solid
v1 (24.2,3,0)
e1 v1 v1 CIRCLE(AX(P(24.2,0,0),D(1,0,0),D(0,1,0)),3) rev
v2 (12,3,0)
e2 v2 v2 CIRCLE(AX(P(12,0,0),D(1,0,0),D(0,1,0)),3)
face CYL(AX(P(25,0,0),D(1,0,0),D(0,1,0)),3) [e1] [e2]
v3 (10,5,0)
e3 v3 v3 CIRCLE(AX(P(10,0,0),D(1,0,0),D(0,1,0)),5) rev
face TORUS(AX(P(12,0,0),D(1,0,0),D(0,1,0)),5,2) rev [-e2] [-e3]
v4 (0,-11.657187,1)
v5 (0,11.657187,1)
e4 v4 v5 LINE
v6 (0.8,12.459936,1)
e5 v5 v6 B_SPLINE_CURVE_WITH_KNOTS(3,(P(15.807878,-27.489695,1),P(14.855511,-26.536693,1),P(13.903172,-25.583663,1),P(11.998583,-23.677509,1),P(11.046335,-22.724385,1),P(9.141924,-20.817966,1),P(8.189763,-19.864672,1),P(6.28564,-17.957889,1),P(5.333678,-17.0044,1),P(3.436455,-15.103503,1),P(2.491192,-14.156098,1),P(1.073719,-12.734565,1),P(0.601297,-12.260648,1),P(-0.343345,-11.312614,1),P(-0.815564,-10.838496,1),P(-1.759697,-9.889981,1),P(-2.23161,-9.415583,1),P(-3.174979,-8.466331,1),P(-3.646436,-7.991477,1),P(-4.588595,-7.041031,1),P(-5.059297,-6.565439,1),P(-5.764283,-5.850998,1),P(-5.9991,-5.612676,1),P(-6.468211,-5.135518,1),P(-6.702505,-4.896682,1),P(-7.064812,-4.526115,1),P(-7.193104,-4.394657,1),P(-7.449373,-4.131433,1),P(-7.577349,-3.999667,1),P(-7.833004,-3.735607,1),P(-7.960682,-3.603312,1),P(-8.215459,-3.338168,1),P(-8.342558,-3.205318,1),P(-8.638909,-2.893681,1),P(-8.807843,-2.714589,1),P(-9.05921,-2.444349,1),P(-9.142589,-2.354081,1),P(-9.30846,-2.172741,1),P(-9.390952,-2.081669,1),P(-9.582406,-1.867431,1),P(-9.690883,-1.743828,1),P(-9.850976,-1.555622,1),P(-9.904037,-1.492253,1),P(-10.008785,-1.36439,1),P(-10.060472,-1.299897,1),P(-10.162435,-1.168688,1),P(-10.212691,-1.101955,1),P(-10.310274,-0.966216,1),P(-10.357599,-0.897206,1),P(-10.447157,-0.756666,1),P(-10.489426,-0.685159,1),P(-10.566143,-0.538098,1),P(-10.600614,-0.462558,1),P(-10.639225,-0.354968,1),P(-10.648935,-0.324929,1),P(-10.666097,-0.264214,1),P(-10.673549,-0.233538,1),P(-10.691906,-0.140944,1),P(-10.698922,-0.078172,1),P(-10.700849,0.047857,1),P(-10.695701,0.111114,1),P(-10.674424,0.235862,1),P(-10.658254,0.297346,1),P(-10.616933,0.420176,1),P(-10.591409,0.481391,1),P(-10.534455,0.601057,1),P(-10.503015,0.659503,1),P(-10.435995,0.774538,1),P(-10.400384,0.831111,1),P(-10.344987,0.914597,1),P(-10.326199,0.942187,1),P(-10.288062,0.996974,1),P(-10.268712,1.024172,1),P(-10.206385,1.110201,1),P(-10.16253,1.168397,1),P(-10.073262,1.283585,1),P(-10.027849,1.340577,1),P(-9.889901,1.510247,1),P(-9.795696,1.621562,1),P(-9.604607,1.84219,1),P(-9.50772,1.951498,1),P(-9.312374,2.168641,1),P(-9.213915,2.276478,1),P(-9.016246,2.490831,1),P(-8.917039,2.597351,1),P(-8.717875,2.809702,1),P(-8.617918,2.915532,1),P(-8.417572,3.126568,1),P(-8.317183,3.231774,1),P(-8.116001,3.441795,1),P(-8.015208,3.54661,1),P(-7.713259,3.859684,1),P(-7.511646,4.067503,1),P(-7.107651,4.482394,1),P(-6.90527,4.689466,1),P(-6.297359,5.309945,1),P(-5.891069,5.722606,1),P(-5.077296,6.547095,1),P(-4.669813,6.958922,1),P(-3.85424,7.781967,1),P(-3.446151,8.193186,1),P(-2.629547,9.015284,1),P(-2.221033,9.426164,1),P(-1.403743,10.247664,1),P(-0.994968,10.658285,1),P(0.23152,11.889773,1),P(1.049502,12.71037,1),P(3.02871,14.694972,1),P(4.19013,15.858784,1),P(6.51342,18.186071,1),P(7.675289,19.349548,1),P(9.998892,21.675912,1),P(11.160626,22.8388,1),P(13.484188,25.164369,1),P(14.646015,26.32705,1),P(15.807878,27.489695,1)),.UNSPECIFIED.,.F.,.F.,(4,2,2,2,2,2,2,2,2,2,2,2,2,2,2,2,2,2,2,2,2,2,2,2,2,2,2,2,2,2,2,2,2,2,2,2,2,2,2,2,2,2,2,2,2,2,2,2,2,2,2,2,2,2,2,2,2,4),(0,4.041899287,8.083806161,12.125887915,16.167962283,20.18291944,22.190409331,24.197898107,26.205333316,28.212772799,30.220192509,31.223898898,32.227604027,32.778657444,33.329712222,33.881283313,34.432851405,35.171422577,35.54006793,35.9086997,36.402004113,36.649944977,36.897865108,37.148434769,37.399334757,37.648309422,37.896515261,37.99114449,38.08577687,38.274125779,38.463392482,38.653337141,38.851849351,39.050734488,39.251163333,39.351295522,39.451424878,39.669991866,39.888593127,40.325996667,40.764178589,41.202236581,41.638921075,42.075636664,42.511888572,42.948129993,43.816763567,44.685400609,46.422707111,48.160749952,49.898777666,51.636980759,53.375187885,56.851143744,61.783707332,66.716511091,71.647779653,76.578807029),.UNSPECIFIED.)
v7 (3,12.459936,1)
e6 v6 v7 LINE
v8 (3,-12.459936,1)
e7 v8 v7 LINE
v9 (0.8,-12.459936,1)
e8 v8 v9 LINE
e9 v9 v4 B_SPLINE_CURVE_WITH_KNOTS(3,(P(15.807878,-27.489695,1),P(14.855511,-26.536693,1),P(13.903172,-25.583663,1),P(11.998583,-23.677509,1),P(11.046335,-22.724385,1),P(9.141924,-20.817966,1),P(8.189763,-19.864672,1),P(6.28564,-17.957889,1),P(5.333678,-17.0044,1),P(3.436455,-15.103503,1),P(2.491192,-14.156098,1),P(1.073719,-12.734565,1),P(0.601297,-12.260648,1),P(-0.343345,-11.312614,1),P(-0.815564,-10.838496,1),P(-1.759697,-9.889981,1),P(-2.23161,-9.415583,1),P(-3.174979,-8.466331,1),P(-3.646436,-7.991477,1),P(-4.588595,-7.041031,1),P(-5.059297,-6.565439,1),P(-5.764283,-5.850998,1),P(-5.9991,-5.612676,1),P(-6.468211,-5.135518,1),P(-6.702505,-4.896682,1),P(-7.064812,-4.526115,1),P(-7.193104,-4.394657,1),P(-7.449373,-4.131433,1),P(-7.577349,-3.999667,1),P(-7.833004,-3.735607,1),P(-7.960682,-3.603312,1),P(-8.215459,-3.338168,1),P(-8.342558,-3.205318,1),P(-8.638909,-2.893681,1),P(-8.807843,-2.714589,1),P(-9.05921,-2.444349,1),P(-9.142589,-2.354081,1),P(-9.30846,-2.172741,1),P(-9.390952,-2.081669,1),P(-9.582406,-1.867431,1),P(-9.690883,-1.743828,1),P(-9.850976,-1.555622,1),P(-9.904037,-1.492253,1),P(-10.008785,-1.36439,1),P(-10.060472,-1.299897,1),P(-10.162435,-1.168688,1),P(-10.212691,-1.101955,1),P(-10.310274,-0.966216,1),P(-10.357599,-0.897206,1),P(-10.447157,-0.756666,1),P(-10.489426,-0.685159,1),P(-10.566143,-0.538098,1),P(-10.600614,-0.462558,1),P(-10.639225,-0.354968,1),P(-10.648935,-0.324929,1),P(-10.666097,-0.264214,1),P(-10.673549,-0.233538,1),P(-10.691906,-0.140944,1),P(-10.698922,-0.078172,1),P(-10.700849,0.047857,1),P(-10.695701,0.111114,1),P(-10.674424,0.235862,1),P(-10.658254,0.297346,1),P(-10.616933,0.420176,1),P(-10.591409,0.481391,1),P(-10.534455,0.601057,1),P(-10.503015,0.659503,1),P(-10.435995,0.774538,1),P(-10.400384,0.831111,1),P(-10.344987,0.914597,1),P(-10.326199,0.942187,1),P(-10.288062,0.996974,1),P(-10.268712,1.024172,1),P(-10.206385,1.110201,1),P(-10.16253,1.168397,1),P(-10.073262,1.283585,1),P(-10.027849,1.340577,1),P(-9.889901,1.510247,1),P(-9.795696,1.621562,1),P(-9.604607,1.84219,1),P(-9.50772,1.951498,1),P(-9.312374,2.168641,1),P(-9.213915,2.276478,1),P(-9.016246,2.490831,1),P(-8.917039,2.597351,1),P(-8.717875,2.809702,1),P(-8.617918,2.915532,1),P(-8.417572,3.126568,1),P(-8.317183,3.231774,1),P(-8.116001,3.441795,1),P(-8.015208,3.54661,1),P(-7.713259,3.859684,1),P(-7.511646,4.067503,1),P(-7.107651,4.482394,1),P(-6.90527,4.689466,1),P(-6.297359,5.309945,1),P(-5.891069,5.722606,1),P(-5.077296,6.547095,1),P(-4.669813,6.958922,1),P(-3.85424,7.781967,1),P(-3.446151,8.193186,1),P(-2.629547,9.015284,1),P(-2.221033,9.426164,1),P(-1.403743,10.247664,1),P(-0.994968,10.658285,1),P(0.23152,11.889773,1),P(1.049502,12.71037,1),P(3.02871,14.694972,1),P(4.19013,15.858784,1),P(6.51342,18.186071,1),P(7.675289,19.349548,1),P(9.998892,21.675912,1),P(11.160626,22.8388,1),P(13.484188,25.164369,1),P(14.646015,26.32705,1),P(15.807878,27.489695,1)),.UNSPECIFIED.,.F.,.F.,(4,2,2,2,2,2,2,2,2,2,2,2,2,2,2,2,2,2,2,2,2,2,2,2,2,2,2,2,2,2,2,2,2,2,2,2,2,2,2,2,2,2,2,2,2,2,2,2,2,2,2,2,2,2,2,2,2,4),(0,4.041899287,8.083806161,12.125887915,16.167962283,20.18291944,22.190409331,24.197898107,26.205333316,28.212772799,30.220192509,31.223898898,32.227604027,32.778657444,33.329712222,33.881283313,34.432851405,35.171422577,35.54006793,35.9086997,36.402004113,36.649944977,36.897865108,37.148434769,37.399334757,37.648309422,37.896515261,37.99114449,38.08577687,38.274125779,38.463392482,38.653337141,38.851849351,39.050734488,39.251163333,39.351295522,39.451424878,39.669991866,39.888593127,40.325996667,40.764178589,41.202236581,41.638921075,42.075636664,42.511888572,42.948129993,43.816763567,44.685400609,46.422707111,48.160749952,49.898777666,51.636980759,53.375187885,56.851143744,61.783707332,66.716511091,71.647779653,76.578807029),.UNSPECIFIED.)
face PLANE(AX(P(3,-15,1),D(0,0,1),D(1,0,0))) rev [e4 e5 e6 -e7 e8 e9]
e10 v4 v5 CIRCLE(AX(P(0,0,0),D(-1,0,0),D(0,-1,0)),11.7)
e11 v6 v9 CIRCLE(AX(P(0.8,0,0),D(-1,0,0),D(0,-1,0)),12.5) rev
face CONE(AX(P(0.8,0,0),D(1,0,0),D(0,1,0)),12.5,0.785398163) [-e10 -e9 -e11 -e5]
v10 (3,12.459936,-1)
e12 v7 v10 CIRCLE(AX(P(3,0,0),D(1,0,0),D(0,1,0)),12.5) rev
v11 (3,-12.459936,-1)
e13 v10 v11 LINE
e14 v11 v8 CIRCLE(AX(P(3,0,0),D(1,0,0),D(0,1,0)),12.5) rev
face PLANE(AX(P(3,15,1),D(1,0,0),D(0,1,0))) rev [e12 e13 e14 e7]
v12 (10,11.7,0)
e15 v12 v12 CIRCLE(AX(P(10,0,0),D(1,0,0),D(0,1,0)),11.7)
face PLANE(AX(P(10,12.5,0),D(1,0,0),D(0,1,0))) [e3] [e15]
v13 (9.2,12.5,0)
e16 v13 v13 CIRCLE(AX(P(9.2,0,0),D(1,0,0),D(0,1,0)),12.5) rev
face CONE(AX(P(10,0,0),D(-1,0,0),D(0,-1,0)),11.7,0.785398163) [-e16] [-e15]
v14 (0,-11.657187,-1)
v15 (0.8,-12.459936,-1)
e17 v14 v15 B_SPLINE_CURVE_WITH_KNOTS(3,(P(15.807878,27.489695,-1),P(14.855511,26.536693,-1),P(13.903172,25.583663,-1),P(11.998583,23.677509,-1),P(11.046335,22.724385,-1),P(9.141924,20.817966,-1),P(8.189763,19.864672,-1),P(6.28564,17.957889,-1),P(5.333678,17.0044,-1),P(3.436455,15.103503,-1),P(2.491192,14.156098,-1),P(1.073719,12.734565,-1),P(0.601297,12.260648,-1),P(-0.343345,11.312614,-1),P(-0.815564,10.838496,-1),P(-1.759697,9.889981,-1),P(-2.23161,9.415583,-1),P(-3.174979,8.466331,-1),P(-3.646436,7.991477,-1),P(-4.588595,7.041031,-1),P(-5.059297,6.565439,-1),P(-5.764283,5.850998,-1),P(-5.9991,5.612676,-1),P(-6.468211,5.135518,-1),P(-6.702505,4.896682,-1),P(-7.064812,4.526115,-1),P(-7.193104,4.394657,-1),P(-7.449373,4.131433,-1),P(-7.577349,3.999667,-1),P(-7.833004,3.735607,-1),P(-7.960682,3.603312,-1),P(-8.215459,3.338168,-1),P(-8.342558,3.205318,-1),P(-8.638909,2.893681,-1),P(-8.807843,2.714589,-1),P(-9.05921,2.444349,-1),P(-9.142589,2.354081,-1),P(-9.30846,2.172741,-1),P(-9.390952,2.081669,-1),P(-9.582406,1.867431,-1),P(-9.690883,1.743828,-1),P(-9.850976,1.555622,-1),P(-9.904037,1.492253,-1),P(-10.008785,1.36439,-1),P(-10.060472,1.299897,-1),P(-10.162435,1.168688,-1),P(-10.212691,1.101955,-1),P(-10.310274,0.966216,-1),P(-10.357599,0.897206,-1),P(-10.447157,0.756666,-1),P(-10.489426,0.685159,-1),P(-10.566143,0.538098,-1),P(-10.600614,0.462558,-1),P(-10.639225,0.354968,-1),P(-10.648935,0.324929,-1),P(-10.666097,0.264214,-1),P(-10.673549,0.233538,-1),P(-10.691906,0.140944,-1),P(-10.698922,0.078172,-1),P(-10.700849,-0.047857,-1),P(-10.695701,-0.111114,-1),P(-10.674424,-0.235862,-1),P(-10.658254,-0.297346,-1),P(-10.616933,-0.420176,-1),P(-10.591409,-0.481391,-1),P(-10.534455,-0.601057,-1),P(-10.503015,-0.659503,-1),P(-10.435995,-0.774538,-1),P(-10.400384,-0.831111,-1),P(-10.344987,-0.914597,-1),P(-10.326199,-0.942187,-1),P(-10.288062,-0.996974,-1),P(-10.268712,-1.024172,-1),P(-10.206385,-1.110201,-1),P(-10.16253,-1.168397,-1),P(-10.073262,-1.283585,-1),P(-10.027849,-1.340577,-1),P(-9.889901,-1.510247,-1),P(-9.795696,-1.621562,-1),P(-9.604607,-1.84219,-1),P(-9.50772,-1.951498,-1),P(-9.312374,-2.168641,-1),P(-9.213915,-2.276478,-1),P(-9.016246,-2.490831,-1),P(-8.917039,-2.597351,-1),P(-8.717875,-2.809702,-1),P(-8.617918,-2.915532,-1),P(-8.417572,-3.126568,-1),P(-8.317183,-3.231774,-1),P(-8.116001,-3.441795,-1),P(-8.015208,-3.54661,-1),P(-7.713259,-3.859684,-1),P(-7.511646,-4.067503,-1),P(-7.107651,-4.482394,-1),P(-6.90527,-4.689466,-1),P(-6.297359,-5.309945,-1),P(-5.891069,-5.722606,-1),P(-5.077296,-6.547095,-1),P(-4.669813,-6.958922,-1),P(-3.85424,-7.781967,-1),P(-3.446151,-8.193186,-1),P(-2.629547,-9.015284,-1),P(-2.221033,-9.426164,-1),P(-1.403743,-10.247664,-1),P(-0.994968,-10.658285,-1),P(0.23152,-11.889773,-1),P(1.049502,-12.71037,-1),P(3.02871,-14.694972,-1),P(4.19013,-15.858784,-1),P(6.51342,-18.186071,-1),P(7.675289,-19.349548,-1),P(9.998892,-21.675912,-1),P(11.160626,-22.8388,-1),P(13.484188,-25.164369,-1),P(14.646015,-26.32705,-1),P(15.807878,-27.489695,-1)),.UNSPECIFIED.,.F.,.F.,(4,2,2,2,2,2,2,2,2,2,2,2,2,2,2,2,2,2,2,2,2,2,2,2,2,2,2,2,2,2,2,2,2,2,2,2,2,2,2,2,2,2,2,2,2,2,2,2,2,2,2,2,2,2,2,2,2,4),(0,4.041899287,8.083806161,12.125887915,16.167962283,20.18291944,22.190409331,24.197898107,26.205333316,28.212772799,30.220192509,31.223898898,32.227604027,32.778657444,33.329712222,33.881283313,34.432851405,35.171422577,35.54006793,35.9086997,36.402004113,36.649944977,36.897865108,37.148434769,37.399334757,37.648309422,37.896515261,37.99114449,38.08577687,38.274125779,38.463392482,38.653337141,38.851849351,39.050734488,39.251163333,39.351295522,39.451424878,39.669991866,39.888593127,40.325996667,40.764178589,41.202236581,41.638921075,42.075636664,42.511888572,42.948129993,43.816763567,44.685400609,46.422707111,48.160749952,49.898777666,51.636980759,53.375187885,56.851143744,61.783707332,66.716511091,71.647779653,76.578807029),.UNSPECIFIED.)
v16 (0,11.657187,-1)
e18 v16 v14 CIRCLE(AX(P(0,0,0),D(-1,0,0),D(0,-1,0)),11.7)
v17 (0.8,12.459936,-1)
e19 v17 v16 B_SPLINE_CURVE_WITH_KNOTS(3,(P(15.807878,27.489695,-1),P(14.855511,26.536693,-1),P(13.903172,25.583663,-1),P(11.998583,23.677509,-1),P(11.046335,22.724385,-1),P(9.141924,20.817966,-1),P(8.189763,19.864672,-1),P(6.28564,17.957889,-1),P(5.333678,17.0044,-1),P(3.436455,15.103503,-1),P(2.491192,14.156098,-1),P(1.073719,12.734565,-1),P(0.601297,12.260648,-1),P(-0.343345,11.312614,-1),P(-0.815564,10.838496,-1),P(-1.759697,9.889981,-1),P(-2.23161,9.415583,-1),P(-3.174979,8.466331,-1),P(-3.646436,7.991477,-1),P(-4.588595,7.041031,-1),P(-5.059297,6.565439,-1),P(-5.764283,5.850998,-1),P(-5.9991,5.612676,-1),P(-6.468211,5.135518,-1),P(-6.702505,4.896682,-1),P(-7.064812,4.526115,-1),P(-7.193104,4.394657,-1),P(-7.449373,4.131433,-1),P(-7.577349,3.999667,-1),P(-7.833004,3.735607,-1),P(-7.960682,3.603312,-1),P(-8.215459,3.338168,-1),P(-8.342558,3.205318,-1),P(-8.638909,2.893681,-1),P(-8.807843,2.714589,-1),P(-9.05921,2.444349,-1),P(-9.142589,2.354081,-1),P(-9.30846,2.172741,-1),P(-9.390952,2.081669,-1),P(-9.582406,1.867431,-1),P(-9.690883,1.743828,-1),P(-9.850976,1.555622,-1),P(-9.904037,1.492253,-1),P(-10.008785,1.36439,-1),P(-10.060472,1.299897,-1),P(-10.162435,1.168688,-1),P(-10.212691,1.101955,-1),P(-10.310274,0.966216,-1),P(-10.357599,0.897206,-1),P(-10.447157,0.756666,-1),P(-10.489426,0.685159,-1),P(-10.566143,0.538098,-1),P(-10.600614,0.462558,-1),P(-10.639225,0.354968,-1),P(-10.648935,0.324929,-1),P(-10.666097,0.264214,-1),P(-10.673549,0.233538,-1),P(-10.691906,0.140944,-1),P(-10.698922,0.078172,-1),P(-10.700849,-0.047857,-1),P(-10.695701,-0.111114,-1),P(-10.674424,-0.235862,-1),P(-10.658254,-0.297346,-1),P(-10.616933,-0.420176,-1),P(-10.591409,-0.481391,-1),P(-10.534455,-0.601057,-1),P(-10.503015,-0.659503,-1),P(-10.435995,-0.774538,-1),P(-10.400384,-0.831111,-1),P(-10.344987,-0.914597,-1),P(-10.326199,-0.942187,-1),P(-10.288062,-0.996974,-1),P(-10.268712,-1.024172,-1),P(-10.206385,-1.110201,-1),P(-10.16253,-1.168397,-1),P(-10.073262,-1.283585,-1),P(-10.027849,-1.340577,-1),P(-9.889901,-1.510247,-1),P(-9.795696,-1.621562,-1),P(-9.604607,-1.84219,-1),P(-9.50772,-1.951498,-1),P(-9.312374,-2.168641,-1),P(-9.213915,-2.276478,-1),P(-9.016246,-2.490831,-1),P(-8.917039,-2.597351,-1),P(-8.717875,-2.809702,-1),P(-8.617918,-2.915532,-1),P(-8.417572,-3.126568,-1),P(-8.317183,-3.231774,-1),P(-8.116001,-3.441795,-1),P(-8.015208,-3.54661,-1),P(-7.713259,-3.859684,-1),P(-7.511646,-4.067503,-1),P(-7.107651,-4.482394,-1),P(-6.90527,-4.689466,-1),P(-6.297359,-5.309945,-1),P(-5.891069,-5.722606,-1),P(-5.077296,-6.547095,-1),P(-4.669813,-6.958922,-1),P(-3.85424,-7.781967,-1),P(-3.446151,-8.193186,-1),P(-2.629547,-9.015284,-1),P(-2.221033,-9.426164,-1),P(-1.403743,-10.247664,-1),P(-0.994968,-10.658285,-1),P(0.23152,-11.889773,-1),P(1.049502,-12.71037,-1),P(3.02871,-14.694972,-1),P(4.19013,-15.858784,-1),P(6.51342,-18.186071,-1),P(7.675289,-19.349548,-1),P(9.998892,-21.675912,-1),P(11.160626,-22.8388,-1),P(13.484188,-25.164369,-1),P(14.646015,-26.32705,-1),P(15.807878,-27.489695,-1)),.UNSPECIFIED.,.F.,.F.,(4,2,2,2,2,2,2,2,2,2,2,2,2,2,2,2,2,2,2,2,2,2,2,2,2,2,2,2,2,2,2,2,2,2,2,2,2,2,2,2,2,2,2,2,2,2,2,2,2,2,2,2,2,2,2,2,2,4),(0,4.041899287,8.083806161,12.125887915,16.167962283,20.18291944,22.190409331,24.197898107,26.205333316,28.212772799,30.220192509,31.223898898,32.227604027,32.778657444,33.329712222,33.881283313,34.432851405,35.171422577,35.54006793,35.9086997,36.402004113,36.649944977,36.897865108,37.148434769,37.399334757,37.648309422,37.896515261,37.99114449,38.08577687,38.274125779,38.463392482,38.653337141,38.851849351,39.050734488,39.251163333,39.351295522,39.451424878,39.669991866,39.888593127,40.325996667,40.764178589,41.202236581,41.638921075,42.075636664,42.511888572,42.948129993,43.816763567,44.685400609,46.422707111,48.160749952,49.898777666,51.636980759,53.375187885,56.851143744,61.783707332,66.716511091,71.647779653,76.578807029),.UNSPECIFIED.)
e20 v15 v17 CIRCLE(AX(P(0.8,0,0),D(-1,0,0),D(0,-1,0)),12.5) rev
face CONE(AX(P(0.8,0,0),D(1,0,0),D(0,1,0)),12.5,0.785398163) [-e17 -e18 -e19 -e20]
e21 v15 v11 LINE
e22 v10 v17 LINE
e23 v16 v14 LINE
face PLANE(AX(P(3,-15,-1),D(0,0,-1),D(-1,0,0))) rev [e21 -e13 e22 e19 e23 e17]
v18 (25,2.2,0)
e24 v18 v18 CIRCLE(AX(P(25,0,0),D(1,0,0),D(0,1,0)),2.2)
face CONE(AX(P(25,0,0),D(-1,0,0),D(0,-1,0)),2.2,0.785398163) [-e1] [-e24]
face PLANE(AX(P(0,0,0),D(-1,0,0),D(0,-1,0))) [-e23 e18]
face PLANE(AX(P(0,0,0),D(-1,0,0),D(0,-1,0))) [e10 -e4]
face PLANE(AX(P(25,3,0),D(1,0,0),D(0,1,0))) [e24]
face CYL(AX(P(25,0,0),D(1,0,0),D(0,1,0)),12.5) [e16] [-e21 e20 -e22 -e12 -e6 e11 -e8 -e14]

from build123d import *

# Parameters (mm, degrees)
CHANFRO1_SIZE         = 0.8
FILETE1_R             = 2
ESBO_O2_W             = 2
ESBO_O2_H             = 30
CORTE_EXTRUS_O1_DEPTH = 3


with BuildPart() as part:
    # Esboço1 → Revolução1 (revolve)
    with BuildSketch(Plane.XY):
        Polygon((0, 0), (0, 12.5), (10, 12.5), (10, 3), (25, 3), (25, 0), align=None)
    revolve(axis=Axis((25, 0, 0), (-1, 0, 0)))

    # Chanfro1
    chanfro1_edges = [part.edges().sort_by_distance(p)[0] for p in [
        (25, -3, 0),
        (10, -12.5, 0),
        (0, -12.5, 0),
    ]]
    chamfer(chanfro1_edges, length=CHANFRO1_SIZE)

    # Filete1
    filete1_edges = [part.edges().sort_by_distance(p)[0] for p in [
        (10, -3, 0),
    ]]
    fillet(filete1_edges, radius=FILETE1_R)

    # Esboço2 → Corte-extrusão1 (cut)
    with BuildSketch(Plane.ZY):
        Rectangle(ESBO_O2_W, ESBO_O2_H)
    extrude(amount=-CORTE_EXTRUS_O1_DEPTH, mode=Mode.SUBTRACT)


solid = part.part
